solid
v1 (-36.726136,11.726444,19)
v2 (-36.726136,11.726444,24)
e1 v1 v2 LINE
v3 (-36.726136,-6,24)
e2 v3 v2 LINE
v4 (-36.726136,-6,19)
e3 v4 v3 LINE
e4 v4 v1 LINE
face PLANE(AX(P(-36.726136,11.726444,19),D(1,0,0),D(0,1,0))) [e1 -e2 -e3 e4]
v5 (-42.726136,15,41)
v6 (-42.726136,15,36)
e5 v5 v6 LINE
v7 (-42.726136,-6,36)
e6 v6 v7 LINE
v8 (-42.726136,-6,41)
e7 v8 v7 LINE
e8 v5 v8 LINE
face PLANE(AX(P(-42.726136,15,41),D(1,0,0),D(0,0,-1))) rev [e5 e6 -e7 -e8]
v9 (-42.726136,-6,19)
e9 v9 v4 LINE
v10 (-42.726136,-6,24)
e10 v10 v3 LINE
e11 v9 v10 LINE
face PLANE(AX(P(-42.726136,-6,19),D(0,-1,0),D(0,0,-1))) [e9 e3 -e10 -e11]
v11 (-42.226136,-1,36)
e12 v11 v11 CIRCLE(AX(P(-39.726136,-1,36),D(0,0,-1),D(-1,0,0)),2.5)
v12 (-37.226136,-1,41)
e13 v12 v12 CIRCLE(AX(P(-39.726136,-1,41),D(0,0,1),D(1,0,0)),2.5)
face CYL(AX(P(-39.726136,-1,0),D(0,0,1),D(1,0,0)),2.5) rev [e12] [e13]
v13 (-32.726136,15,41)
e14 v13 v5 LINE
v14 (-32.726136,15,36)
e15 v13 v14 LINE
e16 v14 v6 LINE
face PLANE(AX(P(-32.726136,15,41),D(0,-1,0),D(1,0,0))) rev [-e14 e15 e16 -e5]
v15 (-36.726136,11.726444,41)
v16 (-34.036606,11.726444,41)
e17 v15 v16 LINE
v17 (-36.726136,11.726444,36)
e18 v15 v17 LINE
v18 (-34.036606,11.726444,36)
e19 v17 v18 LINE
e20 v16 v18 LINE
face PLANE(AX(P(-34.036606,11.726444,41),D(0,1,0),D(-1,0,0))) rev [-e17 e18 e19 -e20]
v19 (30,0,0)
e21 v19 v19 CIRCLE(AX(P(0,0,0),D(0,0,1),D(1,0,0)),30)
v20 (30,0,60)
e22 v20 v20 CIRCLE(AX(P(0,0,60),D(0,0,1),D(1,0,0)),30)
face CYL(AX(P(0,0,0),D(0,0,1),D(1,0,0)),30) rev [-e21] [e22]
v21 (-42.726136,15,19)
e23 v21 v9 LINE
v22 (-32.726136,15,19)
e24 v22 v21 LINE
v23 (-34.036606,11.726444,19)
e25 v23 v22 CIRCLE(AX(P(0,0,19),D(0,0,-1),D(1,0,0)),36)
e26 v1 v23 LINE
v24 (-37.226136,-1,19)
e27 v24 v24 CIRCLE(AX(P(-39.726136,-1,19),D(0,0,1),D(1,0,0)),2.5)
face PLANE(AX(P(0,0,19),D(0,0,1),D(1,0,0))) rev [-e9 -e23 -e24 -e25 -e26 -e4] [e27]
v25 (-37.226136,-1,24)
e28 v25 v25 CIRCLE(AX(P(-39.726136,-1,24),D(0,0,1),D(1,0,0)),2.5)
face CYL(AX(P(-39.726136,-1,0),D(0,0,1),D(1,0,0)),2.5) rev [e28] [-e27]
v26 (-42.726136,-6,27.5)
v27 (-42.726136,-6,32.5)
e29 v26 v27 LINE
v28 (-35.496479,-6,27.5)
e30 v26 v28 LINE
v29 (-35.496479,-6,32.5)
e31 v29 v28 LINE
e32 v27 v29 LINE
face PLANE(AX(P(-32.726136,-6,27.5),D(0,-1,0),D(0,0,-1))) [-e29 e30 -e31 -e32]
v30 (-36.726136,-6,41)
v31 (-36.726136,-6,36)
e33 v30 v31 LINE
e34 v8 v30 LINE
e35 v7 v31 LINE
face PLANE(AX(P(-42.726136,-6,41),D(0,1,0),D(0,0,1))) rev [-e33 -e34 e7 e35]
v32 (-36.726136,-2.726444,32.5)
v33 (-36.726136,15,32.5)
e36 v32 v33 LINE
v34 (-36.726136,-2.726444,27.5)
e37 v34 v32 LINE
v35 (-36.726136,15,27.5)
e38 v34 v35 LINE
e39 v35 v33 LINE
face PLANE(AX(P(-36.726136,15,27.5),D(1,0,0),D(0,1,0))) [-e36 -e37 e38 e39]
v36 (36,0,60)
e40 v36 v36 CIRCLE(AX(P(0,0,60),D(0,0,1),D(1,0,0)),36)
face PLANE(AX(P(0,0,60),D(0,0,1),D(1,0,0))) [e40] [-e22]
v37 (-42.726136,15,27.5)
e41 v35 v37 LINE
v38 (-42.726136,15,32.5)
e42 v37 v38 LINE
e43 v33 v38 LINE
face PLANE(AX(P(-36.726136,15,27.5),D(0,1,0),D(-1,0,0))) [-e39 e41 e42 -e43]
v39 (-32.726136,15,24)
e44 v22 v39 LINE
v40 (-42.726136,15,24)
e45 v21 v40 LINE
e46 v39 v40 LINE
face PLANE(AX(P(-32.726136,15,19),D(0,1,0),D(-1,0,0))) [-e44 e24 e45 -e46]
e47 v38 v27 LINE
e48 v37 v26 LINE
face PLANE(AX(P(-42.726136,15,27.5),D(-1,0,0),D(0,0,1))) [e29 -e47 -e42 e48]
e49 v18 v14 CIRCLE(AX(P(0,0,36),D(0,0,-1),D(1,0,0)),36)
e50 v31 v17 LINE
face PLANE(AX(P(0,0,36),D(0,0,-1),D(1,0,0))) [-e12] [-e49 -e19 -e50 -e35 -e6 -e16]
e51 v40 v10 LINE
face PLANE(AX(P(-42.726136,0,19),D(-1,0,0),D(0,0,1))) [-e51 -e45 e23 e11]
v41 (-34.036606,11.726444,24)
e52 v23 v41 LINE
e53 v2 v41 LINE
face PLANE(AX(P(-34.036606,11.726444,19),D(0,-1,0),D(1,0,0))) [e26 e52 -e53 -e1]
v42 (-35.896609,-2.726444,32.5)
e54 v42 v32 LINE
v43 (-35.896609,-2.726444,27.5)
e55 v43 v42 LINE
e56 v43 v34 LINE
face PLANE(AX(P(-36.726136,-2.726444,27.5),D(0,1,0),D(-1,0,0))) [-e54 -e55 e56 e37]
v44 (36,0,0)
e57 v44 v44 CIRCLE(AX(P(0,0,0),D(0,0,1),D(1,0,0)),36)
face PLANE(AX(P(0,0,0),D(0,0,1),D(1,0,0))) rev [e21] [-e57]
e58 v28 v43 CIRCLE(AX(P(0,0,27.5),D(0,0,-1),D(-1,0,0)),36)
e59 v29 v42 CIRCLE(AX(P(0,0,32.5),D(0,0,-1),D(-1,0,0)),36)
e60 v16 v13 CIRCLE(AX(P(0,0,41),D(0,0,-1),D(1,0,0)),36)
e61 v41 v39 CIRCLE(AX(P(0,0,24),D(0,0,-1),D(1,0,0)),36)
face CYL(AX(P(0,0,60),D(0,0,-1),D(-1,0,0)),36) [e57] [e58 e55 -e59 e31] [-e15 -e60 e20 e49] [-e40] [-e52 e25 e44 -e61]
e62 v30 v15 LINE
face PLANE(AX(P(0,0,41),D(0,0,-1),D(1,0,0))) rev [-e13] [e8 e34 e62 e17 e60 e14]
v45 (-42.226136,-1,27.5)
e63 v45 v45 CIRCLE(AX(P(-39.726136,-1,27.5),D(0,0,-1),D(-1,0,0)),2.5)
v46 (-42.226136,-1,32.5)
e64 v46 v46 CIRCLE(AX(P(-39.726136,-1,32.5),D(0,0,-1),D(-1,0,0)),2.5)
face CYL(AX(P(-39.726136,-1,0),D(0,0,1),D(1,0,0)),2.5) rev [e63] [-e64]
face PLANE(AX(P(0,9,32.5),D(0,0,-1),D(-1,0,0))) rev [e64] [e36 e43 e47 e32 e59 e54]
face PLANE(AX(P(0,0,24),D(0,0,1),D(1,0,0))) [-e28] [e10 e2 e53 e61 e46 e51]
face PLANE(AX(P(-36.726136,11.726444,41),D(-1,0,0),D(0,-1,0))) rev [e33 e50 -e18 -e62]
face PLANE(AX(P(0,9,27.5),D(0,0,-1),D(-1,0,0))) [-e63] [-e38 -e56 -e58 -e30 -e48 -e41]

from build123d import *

# Parameters (mm, degrees)
SKETCH1_R                = 36
BOSS_EXTRUDE1_DEPTH      = 60
SKETCH2_R                = 30
CUT_EXTRUDE1_DEPTH       = 60
BOSS_EXTRUDE2_START      = -5
BOSS_EXTRUDE2_DEPTH      = 5
BOSS_EXTRUDE4_DEPTH      = 2.5
BOSS_EXTRUDE4_DEPTH_BACK = 2.5
SKETCH7_R                = 2.5
CUT_EXTRUDE2_DEPTH       = 70.300236124


with BuildPart() as part:
    # Sketch1 → Boss-Extrude1 (new body)
    with BuildSketch(Plane.XY):
        Circle(SKETCH1_R)
    extrude(amount=BOSS_EXTRUDE1_DEPTH)

    # Sketch2 → Cut-Extrude1 (cut)
    with BuildSketch(Plane.XY.offset(60)):
        Circle(SKETCH2_R)
    extrude(amount=-CUT_EXTRUDE1_DEPTH, mode=Mode.SUBTRACT)

    # Sketch5 → Boss-Extrude2 (add)
    with BuildSketch(Plane.XY.offset(24).offset(BOSS_EXTRUDE2_START)):
        with BuildLine():
            Line((-32.726136344, 15), (-42.726136344, 15))
            Line((-42.726136344, 15), (-42.726136344, 0))
            Line((-42.726136344, 0), (-42.726136344, -6))
            Line((-42.726136344, -6), (-36.726136344, -6))
            Line((-36.726136344, -6), (-36.726136344, 11.726443556))
            Line((-36.726136344, 11.726443556), (-34.036605611, 11.726443556))
            ThreePointArc((-34.036605611, 11.726443556), (-33.421474703, 13.379276091), (-32.726136344, 15))
        make_face()
    boss_extrude2 = extrude(amount=BOSS_EXTRUDE2_DEPTH)

    # Mirror1: Boss-Extrude2 across plane
    add(boss_extrude2.mirror(Plane.XY.offset(30)))

    # Sketch6 → Boss-Extrude4 (add, two sides: drawn at the far end of the back side and taken through both)
    with BuildSketch(Plane.XY.offset(30).offset(-BOSS_EXTRUDE4_DEPTH_BACK)):
        with BuildLine():
            Line((-36.726136344, 15), (-42.726136344, 15))
            Line((-42.726136344, 15), (-42.726136344, -6))
            Line((-42.726136344, -6), (-32.726136344, -6))
            ThreePointArc((-32.726136344, -6), (-33.421474703, -4.379276091), (-34.036605611, -2.726443556))
            Line((-34.036605611, -2.726443556), (-36.726136344, -2.726443556))
            Line((-36.726136344, -2.726443556), (-36.726136344, 15))
        make_face()
    extrude(amount=BOSS_EXTRUDE4_DEPTH + BOSS_EXTRUDE4_DEPTH_BACK)

    # Sketch7 → Cut-Extrude2 (cut, through all)
    with BuildSketch(Plane.XY.offset(41)):
        with Locations(Location((-39.726136344, -1, 0), (0, 0, 180))):
            Circle(SKETCH7_R)
    extrude(amount=-CUT_EXTRUDE2_DEPTH, mode=Mode.SUBTRACT)


solid = part.part
